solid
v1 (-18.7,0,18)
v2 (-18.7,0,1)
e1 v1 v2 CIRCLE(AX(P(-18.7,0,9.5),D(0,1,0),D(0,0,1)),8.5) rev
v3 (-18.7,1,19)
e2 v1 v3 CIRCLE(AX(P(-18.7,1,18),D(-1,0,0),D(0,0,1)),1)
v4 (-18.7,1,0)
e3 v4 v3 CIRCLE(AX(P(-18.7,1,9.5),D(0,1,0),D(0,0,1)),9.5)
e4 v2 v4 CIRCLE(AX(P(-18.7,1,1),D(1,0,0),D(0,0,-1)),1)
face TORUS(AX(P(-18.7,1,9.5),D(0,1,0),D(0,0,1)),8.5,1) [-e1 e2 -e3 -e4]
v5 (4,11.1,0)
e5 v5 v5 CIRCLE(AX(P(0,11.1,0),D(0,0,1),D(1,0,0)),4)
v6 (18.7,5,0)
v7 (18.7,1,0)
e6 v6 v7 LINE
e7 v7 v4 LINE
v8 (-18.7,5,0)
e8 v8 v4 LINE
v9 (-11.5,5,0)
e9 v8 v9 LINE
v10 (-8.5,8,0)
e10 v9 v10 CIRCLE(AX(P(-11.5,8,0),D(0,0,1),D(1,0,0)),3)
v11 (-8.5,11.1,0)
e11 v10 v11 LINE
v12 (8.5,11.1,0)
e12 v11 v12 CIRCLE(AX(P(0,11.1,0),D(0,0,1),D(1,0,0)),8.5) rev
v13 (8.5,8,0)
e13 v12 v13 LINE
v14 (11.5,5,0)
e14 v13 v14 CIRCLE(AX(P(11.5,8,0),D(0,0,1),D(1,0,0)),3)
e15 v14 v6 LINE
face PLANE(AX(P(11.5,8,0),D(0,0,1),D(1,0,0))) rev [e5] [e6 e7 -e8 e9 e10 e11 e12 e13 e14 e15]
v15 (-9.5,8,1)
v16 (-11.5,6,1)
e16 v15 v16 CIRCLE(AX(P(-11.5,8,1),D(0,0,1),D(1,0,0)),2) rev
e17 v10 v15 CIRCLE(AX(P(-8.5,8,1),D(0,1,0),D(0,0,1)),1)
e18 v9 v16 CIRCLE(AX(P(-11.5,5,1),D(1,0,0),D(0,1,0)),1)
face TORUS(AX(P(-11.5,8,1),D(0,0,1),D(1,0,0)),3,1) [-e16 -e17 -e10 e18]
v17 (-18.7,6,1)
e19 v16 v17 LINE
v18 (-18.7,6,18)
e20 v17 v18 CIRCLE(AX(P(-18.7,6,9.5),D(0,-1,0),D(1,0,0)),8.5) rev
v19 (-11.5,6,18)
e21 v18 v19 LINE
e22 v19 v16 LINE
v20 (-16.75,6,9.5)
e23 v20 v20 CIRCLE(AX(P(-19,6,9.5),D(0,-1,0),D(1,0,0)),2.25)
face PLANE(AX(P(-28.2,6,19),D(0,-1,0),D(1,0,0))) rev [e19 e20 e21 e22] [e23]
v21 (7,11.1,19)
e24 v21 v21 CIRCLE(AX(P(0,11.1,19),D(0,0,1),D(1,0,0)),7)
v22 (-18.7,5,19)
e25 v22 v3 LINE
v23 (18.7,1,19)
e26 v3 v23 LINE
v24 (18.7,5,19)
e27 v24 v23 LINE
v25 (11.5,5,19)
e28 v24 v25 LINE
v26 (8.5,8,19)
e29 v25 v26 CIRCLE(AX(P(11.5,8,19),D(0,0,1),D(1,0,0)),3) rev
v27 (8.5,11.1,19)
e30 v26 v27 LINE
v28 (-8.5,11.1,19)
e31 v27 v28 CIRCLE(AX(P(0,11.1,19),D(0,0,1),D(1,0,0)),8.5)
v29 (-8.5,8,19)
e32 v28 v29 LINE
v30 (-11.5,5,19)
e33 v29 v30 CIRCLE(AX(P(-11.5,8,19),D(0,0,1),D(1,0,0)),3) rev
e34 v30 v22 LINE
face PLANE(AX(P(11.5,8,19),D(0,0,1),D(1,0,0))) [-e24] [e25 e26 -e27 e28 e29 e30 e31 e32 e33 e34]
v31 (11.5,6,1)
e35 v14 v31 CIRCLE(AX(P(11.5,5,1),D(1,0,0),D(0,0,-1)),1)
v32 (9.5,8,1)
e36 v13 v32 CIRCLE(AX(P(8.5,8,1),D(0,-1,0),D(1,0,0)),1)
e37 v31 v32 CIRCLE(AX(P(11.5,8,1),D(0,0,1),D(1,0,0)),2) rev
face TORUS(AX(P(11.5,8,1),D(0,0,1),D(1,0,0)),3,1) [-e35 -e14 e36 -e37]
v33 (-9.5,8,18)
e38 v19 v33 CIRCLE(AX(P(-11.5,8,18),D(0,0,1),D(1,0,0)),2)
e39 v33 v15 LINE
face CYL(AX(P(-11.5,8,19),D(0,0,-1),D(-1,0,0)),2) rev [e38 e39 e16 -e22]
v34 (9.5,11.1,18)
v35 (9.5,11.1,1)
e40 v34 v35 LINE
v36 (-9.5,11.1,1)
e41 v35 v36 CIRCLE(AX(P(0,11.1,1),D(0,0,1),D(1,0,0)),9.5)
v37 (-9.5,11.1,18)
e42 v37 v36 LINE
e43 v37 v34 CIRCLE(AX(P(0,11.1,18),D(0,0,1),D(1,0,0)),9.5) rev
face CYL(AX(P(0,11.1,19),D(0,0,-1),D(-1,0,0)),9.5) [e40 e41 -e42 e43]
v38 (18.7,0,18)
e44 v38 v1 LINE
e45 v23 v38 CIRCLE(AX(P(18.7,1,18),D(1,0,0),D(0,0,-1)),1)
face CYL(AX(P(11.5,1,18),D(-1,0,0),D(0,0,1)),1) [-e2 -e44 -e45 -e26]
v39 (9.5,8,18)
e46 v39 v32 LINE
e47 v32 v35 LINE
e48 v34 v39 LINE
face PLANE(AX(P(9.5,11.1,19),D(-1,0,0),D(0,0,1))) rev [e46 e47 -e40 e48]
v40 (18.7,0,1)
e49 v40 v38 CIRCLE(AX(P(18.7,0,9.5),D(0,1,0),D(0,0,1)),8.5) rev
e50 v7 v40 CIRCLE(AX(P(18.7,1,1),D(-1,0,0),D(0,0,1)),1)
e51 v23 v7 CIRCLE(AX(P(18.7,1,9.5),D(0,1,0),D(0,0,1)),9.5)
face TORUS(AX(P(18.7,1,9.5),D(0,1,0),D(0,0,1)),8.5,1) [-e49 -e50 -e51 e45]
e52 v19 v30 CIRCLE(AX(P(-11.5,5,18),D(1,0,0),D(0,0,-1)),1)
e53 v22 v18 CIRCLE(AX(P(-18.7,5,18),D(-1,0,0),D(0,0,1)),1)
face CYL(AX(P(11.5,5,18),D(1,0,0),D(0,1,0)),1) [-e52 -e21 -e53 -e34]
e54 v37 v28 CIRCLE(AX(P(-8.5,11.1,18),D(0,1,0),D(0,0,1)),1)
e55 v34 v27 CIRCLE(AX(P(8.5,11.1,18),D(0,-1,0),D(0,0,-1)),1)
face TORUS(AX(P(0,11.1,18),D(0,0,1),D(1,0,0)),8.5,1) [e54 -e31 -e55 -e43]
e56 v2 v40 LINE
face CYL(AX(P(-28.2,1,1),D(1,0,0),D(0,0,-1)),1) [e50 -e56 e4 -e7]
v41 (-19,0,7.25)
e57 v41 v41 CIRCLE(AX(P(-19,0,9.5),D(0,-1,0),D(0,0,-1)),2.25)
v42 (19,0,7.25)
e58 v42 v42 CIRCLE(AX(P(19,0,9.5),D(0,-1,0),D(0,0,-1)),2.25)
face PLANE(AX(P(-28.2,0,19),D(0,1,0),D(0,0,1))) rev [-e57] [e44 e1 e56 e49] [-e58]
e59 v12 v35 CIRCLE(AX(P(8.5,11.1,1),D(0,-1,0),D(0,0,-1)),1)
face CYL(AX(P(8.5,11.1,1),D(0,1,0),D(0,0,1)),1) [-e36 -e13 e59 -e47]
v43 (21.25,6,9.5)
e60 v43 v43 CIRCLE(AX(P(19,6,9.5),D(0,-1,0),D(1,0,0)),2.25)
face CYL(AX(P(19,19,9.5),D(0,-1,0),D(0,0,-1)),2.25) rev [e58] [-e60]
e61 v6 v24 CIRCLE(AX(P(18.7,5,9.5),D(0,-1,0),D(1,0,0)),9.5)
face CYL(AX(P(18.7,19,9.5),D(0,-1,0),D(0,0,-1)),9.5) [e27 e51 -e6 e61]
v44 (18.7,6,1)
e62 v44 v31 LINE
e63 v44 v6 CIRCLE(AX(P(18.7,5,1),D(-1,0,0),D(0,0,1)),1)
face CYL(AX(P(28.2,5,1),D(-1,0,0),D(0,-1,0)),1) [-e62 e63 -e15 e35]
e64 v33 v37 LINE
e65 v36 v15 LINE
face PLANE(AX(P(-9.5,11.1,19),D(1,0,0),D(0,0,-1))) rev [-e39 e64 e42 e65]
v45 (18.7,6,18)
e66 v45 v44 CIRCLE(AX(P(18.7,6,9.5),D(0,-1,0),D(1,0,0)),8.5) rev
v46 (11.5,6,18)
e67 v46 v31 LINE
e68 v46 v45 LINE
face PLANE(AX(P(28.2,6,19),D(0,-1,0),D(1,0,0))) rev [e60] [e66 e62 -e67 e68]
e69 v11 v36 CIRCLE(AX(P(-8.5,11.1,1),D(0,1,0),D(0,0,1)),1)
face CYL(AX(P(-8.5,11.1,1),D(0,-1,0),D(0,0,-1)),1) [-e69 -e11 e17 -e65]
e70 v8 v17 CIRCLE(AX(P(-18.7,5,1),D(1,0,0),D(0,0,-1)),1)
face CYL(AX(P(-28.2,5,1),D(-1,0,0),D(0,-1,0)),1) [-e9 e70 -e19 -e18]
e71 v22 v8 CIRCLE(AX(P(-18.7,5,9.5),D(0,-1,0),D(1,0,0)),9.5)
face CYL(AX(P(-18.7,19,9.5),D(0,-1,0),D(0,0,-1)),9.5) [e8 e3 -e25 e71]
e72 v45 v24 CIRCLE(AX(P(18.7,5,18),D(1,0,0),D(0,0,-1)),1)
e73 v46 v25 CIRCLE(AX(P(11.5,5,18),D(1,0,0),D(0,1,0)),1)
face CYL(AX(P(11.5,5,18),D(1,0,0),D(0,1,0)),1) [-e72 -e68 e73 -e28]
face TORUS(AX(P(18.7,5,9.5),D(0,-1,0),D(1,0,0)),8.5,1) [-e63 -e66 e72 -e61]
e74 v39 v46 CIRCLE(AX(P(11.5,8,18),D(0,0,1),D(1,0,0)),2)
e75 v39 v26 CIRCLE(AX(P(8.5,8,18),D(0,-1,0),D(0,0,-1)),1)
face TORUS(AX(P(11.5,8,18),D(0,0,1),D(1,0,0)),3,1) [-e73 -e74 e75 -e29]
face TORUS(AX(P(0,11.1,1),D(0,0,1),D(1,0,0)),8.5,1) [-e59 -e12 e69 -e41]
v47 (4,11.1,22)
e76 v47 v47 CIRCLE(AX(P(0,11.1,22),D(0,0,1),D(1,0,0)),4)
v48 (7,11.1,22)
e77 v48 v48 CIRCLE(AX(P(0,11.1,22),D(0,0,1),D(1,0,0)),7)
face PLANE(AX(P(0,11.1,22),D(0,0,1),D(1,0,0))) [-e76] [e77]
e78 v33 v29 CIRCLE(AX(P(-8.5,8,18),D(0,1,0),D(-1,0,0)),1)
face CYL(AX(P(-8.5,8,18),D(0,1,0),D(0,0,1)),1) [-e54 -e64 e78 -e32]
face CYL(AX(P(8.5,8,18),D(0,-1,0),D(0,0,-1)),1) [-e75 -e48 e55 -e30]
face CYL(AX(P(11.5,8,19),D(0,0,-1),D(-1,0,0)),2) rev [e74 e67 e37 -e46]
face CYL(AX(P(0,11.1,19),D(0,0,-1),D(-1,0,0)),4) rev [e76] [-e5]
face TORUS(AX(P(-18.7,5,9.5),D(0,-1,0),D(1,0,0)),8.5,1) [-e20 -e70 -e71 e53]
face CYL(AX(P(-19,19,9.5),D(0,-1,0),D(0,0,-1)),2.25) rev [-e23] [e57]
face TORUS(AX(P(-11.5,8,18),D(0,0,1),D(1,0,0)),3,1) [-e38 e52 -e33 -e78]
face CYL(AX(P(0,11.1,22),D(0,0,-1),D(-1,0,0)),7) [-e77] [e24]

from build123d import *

# Parameters (mm, degrees)
SKETCH1_R           = 4
BOSS_EXTRUDE1_DEPTH = 19
SKETCH2_R           = 2.25
CUT_EXTRUDE2_DEPTH  = 19
SKETCH3_R           = 7
SKETCH3_R_2         = 4
BOSS_EXTRUDE2_DEPTH = 3
FILLET1_R           = 1


with BuildPart() as part:
    # Sketch1 → Boss-Extrude1 (new body)
    with BuildSketch(Plane.XY):
        with BuildLine():
            Line((-28.2, 0), (28.2, 0))
            Line((28.2, 0), (28.2, 6))
            Line((28.2, 6), (11.5, 6))
            ThreePointArc((11.5, 6), (10.085786438, 6.585786438), (9.5, 8))
            Line((9.5, 8), (9.5, 11.1))
            ThreePointArc((9.5, 11.1), (0, 20.6), (-9.5, 11.1))
            Line((-9.5, 11.1), (-9.5, 8))
            ThreePointArc((-9.5, 8), (-10.085786438, 6.585786438), (-11.5, 6))
            Line((-11.5, 6), (-28.2, 6))
            Line((-28.2, 6), (-28.2, 0))
        make_face()
        with Locations((0, 11.1)):
            Circle(SKETCH1_R, mode=Mode.SUBTRACT)
    extrude(amount=BOSS_EXTRUDE1_DEPTH)

    # Sketch2 → Cut-Extrude2 (cut)
    with BuildSketch(Plane.XZ):
        with BuildLine():
            Line((28.2, 19), (18.7, 19))
            ThreePointArc((18.7, 19), (25.417514421, 16.217514421), (28.2, 9.5))
            Line((28.2, 9.5), (28.2, 19))
        make_face()
        with BuildLine():
            ThreePointArc((-28.2, 9.5), (-25.417514421, 16.217514421), (-18.7, 19))
            Line((-18.7, 19), (-28.2, 19))
            Line((-28.2, 19), (-28.2, 9.5))
        make_face()
        with BuildLine():
            Line((28.2, 0), (28.2, 9.5))
            ThreePointArc((28.2, 9.5), (25.417514421, 2.782485579), (18.7, 0))
            Line((18.7, 0), (28.2, 0))
        make_face()
        with BuildLine():
            ThreePointArc((-18.7, 0), (-25.417514421, 2.782485579), (-28.2, 9.5))
            Line((-28.2, 9.5), (-28.2, 0))
            Line((-28.2, 0), (-18.7, 0))
        make_face()
        with Locations(Location((19, 9.5, 0), (0, 0, 270))):
            Circle(SKETCH2_R)
        with Locations(Location((-19, 9.5, 0), (0, 0, 270))):
            Circle(SKETCH2_R)
    extrude(amount=-CUT_EXTRUDE2_DEPTH, mode=Mode.SUBTRACT)

    # Sketch3 → Boss-Extrude2 (add)
    with BuildSketch(Plane.XY.offset(19)):
        with Locations((0, 11.1)):
            Circle(SKETCH3_R)
        with Locations((0, 11.1)):
            Circle(SKETCH3_R_2, mode=Mode.SUBTRACT)
    extrude(amount=BOSS_EXTRUDE2_DEPTH)

    # Fillet1
    fillet1_edges = [part.edges().sort_by_distance(p)[0] for p in [
        (10.085786438, 6.585786438, 19),
        (-15.1, 6, 0),
        (-10.085786438, 6.585786438, 0),
        (-9.5, 9.55, 0),
        (0, 20.6, 0),
        (9.5, 9.55, 0),
        (10.085786438, 6.585786438, 0),
        (9.5, 9.55, 19),
        (0, 20.6, 19),
        (-9.5, 9.55, 19),
        (-10.085786438, 6.585786438, 19),
        (-15.1, 6, 19),
        (0, 0, 19),
        (-28.2, 6, 9.5),
        (-28.2, 0, 9.5),
        (0, 0, 0),
        (15.1, 6, 19),
        (28.2, 0, 9.5),
        (28.2, 6, 9.5),
        (15.1, 6, 0),
    ]]
    fillet(fillet1_edges, radius=FILLET1_R)


solid = part.part
